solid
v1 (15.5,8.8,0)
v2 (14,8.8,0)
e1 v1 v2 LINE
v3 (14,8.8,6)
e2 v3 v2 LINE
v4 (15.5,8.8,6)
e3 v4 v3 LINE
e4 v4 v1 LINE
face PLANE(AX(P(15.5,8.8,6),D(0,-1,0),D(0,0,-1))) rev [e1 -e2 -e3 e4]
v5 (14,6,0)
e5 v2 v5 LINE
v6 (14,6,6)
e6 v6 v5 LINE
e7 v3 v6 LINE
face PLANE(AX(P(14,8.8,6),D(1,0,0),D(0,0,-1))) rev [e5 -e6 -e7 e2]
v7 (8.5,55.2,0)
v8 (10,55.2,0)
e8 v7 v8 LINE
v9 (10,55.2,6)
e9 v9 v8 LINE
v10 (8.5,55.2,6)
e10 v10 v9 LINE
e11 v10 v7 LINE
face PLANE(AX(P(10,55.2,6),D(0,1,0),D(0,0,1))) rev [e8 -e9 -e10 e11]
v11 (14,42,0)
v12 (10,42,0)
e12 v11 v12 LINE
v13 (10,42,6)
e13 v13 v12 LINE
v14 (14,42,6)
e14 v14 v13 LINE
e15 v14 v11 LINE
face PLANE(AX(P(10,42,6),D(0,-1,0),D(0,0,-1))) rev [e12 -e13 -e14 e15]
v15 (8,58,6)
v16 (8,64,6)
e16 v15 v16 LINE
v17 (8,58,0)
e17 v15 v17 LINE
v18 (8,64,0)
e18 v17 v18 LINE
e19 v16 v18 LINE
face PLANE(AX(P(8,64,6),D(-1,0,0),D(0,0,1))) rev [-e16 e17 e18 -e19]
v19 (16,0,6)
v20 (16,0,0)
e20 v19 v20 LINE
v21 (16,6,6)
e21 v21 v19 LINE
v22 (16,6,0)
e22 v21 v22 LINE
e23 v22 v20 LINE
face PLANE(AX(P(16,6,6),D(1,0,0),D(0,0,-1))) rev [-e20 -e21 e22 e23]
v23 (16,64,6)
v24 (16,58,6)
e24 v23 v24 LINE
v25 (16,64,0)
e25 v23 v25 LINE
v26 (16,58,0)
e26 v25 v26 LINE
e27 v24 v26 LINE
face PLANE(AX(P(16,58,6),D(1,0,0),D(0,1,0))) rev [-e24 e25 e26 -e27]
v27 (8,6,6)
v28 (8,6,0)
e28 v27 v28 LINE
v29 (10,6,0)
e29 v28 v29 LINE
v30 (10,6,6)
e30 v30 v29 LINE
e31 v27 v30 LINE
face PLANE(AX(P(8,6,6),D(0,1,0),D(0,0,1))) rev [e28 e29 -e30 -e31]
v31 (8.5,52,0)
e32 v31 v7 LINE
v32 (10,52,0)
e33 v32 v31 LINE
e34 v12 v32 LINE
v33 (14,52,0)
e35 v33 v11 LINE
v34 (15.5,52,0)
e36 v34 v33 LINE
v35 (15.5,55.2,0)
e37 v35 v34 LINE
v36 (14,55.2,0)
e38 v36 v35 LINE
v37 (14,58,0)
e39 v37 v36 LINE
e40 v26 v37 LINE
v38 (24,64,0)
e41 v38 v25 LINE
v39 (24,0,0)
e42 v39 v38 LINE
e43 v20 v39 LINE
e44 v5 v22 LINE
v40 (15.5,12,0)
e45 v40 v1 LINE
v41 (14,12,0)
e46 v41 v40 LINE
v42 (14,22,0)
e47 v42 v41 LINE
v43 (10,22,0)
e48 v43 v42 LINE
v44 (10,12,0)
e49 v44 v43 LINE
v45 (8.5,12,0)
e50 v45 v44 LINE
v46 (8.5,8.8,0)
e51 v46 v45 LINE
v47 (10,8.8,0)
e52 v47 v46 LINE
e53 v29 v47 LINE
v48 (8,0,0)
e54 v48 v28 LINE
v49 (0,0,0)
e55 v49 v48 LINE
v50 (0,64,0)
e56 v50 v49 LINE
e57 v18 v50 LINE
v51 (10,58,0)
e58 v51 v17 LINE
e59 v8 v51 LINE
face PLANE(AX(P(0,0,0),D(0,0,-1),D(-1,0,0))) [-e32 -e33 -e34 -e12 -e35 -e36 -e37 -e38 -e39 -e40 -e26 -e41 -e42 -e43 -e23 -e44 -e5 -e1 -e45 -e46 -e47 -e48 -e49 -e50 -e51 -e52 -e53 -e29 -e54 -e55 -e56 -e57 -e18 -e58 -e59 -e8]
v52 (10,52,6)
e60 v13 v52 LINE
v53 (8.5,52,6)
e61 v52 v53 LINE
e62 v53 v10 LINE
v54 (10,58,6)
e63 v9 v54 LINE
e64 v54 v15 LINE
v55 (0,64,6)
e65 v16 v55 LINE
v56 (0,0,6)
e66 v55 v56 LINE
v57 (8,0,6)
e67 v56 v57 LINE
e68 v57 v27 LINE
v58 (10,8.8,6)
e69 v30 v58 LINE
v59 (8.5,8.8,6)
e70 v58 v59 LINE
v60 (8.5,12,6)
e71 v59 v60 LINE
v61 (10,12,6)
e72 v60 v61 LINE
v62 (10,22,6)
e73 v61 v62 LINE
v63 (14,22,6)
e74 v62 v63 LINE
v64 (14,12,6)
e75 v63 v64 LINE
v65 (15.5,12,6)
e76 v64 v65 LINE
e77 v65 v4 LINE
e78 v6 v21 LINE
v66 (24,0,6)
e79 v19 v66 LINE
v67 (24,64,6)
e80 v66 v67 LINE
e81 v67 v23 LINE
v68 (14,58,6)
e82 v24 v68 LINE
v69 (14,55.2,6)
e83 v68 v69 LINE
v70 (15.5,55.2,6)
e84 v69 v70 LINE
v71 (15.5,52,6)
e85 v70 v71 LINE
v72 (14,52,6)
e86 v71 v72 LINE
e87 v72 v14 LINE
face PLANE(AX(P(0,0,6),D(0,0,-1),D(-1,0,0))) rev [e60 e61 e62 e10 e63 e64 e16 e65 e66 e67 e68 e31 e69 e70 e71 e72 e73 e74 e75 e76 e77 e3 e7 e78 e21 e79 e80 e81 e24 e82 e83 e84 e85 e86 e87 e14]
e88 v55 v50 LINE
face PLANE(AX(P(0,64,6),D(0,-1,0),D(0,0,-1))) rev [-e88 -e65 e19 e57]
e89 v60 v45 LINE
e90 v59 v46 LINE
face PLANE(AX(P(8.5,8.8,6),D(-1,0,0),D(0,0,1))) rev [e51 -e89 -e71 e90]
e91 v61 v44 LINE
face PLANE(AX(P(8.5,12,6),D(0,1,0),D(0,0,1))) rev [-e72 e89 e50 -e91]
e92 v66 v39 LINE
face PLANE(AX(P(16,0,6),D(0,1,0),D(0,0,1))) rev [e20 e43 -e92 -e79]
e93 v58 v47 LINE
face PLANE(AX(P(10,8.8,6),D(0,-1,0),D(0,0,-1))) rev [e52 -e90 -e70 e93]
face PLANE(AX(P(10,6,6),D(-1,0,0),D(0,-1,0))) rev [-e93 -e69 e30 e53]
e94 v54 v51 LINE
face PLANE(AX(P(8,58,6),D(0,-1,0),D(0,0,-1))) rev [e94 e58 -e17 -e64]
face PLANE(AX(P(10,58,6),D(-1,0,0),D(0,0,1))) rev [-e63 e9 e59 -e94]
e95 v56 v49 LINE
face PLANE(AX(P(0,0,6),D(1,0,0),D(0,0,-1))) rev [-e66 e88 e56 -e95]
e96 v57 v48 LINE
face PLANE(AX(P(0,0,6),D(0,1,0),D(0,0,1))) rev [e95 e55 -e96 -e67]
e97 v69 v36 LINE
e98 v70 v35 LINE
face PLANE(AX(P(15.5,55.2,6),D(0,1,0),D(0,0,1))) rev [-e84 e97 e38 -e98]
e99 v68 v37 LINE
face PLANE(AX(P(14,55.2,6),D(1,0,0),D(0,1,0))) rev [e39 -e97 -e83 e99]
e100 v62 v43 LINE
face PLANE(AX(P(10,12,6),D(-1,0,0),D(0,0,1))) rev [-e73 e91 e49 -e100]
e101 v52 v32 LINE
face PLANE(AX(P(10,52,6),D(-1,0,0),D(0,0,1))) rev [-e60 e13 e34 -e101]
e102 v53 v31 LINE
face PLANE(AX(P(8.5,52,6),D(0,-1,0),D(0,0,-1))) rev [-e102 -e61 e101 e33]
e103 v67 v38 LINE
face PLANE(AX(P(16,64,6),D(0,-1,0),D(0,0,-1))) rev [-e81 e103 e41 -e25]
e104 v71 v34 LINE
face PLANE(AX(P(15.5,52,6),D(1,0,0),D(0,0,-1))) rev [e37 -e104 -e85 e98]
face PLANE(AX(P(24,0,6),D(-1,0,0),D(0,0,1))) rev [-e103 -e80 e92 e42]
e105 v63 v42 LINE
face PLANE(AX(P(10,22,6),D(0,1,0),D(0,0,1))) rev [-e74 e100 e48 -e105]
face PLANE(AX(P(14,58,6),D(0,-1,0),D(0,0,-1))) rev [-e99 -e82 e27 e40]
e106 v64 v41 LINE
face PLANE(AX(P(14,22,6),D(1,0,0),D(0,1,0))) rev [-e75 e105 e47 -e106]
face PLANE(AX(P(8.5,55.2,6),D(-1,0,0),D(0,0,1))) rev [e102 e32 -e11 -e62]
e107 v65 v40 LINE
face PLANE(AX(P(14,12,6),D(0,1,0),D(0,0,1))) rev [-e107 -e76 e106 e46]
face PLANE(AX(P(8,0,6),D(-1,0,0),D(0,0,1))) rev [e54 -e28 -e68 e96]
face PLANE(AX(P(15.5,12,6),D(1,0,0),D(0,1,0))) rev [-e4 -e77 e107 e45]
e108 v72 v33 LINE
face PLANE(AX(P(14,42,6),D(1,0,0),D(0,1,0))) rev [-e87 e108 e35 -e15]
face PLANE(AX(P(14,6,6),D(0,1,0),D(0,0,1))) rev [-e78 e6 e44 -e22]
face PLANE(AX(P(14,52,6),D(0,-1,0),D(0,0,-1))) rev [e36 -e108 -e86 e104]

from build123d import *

# Parameters (mm, degrees)
BOSS_EXTRU_1_DEPTH = 6


with BuildPart() as part:
    # Esquisse1 → Boss.-Extru.1 (new body)
    with BuildSketch(Plane.XY):
        Polygon((8, 0), (8, 6), (10, 6), (10, 8.8), (8.5, 8.8), (8.5, 12), (10, 12), (10, 22), (14, 22), (14, 12), (15.5, 12), (15.5, 8.8), (14, 8.8), (14, 6), (16, 6), (16, 0), (24, 0), (24, 64), (16, 64), (16, 58), (14, 58), (14, 55.2), (15.5, 55.2), (15.5, 52), (14, 52), (14, 42), (10, 42), (10, 52), (8.5, 52), (8.5, 55.2), (10, 55.2), (10, 58), (8, 58), (8, 64), (0, 64), (0, 0), align=None)
    extrude(amount=BOSS_EXTRU_1_DEPTH)


solid = part.part
